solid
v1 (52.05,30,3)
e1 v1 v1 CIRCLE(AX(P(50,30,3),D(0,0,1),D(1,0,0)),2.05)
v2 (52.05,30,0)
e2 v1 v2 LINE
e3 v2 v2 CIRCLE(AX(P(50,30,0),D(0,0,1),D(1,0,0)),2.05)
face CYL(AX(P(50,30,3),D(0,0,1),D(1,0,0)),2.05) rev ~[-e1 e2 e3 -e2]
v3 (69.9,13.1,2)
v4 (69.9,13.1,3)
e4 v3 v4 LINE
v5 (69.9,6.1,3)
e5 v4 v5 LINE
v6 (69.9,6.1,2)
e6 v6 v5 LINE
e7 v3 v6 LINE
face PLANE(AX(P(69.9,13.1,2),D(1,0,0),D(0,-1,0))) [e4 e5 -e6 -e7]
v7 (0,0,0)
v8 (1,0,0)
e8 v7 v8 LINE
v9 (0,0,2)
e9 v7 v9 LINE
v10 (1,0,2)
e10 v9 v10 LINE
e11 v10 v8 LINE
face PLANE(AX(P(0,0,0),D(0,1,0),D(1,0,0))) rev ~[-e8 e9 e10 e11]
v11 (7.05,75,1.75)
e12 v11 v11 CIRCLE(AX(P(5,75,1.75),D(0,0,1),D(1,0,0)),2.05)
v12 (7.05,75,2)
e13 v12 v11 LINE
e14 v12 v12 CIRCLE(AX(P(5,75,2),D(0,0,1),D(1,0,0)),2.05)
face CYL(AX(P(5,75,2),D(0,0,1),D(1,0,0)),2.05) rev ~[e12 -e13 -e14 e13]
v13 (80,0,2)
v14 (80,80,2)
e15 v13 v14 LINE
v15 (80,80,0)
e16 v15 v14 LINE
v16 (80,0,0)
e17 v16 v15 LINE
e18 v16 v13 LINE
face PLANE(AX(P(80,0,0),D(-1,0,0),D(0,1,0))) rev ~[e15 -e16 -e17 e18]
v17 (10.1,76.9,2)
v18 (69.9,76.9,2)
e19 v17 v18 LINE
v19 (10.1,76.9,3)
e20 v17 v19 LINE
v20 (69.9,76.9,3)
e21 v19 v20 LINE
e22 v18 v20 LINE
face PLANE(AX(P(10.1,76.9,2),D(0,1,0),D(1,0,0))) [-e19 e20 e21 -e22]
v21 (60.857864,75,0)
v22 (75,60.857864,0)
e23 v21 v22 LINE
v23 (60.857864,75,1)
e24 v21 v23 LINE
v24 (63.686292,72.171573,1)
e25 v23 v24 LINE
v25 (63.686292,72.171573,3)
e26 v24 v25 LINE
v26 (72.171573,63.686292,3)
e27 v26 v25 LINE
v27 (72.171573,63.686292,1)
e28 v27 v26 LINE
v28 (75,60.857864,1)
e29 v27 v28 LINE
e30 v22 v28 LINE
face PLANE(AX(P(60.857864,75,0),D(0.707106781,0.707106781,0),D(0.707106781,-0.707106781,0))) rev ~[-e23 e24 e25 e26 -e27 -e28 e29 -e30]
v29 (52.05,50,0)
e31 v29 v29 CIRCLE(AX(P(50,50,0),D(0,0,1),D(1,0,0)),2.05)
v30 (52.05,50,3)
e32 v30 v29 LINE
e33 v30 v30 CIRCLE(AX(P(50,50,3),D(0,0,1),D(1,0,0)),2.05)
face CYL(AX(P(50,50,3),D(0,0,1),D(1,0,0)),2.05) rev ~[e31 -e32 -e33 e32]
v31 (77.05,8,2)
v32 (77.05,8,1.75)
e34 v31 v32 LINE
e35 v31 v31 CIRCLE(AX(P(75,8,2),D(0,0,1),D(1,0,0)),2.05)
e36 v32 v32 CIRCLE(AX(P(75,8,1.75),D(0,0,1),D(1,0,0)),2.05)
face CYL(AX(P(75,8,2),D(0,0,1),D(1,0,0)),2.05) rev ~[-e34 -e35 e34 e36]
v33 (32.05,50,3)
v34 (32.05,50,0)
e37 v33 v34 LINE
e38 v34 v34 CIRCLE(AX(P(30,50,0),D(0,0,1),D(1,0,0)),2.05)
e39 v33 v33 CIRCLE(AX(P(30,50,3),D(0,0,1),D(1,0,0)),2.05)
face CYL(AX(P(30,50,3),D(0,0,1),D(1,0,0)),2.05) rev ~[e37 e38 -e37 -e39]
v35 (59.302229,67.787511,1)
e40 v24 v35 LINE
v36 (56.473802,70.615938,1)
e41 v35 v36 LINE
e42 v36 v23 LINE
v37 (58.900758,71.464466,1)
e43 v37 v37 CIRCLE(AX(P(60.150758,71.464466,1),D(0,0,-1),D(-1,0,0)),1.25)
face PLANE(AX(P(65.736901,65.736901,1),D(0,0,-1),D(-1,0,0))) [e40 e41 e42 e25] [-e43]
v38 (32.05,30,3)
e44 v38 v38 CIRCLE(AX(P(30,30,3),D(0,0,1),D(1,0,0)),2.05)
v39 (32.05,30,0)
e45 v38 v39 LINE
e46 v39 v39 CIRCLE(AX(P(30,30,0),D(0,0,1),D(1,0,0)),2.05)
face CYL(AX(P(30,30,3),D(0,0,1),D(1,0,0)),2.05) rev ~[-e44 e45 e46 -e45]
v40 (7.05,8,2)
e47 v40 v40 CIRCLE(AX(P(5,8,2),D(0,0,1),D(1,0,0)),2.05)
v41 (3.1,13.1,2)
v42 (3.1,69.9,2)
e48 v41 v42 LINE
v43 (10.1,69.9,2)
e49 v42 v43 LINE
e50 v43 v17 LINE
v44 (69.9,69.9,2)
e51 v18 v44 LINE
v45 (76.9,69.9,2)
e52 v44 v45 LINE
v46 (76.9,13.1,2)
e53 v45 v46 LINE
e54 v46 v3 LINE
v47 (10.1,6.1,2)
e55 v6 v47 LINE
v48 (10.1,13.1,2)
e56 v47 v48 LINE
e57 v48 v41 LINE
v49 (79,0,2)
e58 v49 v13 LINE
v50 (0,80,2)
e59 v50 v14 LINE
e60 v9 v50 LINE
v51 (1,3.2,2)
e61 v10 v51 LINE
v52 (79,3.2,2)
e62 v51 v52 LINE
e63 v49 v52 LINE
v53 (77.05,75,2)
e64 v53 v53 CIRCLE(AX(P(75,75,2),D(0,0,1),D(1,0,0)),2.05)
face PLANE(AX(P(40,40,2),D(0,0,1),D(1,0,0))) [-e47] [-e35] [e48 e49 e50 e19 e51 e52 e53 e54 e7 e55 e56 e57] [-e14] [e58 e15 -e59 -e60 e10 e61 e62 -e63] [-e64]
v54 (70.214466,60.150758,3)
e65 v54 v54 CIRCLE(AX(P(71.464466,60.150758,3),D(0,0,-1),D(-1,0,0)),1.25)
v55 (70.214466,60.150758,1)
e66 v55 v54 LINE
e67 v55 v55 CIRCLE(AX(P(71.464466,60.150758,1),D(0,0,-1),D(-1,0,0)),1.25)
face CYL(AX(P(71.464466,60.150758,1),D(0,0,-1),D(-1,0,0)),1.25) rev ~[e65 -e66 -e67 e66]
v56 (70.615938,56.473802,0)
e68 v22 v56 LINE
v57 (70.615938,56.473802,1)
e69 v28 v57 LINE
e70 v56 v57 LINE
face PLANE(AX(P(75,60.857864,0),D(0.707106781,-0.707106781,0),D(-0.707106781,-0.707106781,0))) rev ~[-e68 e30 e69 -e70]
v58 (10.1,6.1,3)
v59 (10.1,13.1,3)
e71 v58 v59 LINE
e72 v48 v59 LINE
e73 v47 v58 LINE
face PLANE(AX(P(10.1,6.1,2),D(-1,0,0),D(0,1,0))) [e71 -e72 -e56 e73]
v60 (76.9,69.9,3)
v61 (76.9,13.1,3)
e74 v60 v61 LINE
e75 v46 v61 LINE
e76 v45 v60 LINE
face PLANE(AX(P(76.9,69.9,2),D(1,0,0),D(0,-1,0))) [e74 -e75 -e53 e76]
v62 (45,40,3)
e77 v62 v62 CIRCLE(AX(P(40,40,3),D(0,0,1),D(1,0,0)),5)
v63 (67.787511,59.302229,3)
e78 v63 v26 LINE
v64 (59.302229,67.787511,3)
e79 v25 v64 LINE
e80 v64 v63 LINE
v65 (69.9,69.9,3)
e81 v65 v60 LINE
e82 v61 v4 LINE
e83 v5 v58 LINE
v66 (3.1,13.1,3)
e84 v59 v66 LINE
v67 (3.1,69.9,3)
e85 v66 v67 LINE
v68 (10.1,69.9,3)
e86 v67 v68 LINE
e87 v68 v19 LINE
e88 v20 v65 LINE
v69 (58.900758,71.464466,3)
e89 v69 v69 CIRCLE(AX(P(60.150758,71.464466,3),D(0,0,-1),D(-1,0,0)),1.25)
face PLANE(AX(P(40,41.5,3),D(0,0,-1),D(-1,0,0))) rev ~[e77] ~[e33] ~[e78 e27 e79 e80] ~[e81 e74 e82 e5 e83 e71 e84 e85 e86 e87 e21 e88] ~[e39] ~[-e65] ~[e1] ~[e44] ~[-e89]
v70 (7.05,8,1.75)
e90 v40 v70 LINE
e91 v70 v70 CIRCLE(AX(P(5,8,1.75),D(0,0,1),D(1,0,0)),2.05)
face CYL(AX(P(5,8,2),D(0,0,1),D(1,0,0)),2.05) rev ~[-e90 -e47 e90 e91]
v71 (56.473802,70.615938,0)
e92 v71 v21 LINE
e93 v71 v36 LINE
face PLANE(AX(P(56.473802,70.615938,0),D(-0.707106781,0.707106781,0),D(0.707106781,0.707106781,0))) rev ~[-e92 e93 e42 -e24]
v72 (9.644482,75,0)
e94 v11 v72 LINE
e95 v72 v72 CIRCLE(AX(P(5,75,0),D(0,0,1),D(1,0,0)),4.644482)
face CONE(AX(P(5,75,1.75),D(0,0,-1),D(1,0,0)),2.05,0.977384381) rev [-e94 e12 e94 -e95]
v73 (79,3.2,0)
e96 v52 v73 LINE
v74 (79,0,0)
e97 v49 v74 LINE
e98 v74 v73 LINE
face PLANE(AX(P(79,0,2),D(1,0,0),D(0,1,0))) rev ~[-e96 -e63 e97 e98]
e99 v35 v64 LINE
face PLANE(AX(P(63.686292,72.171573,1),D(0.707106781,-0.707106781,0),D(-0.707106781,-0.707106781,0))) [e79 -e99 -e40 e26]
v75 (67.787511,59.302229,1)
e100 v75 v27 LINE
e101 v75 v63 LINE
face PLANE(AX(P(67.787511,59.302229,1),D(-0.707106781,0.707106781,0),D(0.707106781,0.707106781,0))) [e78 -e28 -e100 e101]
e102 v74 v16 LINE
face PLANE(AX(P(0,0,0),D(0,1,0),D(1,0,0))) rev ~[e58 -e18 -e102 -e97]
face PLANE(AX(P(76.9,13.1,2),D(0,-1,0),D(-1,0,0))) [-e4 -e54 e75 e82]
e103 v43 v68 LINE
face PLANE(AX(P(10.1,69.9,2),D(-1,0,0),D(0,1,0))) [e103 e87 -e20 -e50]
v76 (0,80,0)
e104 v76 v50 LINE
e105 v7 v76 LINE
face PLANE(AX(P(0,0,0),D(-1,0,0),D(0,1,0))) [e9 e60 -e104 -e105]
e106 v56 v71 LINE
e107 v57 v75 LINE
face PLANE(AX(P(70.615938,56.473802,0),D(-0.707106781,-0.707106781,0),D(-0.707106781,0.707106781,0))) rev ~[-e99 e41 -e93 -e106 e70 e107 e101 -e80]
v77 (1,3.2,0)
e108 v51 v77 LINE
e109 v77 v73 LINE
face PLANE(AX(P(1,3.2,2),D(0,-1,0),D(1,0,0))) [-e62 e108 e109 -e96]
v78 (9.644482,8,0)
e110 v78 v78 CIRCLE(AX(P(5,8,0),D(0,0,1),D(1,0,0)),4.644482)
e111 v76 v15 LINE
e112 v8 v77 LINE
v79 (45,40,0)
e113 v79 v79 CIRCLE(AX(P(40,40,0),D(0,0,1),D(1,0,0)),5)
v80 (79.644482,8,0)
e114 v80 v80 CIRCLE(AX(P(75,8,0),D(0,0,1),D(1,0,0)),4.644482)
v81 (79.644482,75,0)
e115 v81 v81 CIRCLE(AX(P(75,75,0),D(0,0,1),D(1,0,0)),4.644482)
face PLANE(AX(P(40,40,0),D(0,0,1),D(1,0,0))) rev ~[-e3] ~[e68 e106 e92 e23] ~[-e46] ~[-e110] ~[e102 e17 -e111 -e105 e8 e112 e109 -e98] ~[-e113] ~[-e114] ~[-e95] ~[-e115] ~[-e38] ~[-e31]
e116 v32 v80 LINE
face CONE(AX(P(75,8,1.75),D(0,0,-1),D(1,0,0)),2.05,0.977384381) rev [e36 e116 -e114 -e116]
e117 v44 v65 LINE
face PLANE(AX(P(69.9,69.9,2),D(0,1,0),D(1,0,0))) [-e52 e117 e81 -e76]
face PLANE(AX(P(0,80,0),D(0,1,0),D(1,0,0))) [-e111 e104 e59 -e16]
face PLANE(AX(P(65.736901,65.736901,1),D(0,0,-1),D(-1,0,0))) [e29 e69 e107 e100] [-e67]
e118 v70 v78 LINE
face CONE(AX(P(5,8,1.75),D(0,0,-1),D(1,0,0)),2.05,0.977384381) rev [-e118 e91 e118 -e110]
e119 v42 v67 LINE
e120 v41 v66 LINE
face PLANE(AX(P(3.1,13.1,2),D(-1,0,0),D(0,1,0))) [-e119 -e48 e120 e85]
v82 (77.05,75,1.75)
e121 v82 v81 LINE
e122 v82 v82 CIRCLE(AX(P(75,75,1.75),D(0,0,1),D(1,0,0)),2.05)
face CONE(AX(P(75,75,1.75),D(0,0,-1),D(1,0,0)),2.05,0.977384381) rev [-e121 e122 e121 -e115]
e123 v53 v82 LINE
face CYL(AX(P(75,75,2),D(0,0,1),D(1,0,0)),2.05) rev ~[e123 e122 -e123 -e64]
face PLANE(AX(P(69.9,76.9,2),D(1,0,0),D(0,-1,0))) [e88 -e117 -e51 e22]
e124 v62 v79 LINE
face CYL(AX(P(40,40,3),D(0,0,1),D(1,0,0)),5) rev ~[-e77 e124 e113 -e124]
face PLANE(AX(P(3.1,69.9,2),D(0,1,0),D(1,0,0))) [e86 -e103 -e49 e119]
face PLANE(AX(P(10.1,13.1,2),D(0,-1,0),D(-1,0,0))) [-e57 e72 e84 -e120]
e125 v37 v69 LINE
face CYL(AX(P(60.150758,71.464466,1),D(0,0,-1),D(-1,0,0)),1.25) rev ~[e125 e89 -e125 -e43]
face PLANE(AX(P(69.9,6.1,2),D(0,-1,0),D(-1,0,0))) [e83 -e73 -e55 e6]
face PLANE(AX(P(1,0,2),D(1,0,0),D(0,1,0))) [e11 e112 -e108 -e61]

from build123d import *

# Parameters (mm, degrees)
ESQUISSE1_W             = 80
ESQUISSE1_H             = 80
BOSS_EXTRU_1_DEPTH      = 2
BOSS_EXTRU_2_DEPTH      = 1
ESQUISSE3_R             = 2.05
ESQUISSE3_W             = 78
ESQUISSE3_H             = 3.2
ENL_V_MAT_EXTRU_1_DEPTH = 3
ESQUISSE4_R             = 5
ESQUISSE4_R_2           = 2.05
ENL_V_MAT_EXTRU_2_DEPTH = 4
CHANFREIN1_SIZE         = 1.75
CHANFREIN1_SIZE2        = 2.594481695
CHANFREIN1_PART_2_SIZE  = 1.75
CHANFREIN1_PART_2_SIZE2 = 2.594481695
CHANFREIN1_PART_3_SIZE  = 1.75
CHANFREIN1_PART_3_SIZE2 = 2.594481695
CHANFREIN1_PART_4_SIZE  = 1.75
CHANFREIN1_PART_4_SIZE2 = 2.594481695
ENL_V_MAT_EXTRU_3_DEPTH = 1
ESQUISSE8_R             = 1.25
ENL_V_MAT_EXTRU_4_DEPTH = 3


with BuildPart() as part:
    # Esquisse1 → Boss.-Extru.1 (new body)
    with BuildSketch(Plane.XY):
        with Locations((40, 40)):
            Rectangle(ESQUISSE1_W, ESQUISSE1_H)
    extrude(amount=BOSS_EXTRU_1_DEPTH)

    # Esquisse2 → Boss.-Extru.2 (add)
    with BuildSketch(Plane.XY.offset(2)):
        Polygon((10.1, 6.1), (10.1, 13.1), (3.1, 13.1), (3.1, 69.9), (10.1, 69.9), (10.1, 76.9), (69.9, 76.9), (69.9, 69.9), (76.9, 69.9), (76.9, 13.1), (69.9, 13.1), (69.9, 6.1), align=None)
    extrude(amount=BOSS_EXTRU_2_DEPTH)

    # Esquisse3 → Enlèv. mat.-Extru.1 (cut, through all)
    with BuildSketch(Plane.XY.offset(2)):
        with Locations((5, 75)):
            Circle(ESQUISSE3_R)
        with Locations((75, 75)):
            Circle(ESQUISSE3_R)
        with Locations((75, 8)):
            Circle(ESQUISSE3_R)
        with Locations((5, 8)):
            Circle(ESQUISSE3_R)
        with Locations((40, 1.6)):
            Rectangle(ESQUISSE3_W, ESQUISSE3_H)
    extrude(amount=-ENL_V_MAT_EXTRU_1_DEPTH, mode=Mode.SUBTRACT)

    # Esquisse4 → Enlèv. mat.-Extru.2 (cut, through all)
    with BuildSketch(Plane.XY.offset(3)):
        with Locations((40, 40)):
            Circle(ESQUISSE4_R)
        with Locations((30, 50)):
            Circle(ESQUISSE4_R_2)
        with Locations((30, 30)):
            Circle(ESQUISSE4_R_2)
        with Locations((50, 30)):
            Circle(ESQUISSE4_R_2)
        with Locations((50, 50)):
            Circle(ESQUISSE4_R_2)
    extrude(amount=-ENL_V_MAT_EXTRU_2_DEPTH, mode=Mode.SUBTRACT)

    # Chanfrein1
    chanfrein1_edges = [part.edges().sort_by_distance(p)[0] for p in [
        (2.95, 75, 0),
    ]]
    chanfrein1_side = [part.faces().sort_by_distance(p)[0] for p in [
        (2.95, 75, 1),
    ]]
    chamfer(chanfrein1_edges, length=CHANFREIN1_SIZE, length2=CHANFREIN1_SIZE2, reference=chanfrein1_side[0])

    # Chanfrein1 part 2
    chanfrein1_part_2_edges = [part.edges().sort_by_distance(p)[0] for p in [
        (72.95, 75, 0),
    ]]
    chanfrein1_part_2_side = [part.faces().sort_by_distance(p)[0] for p in [
        (72.95, 75, 1),
    ]]
    chamfer(chanfrein1_part_2_edges, length=CHANFREIN1_PART_2_SIZE, length2=CHANFREIN1_PART_2_SIZE2, reference=chanfrein1_part_2_side[0])

    # Chanfrein1 part 3
    chanfrein1_part_3_edges = [part.edges().sort_by_distance(p)[0] for p in [
        (72.95, 8, 0),
    ]]
    chanfrein1_part_3_side = [part.faces().sort_by_distance(p)[0] for p in [
        (72.95, 8, 1),
    ]]
    chamfer(chanfrein1_part_3_edges, length=CHANFREIN1_PART_3_SIZE, length2=CHANFREIN1_PART_3_SIZE2, reference=chanfrein1_part_3_side[0])

    # Chanfrein1 part 4
    chanfrein1_part_4_edges = [part.edges().sort_by_distance(p)[0] for p in [
        (2.95, 8, 0),
    ]]
    chanfrein1_part_4_side = [part.faces().sort_by_distance(p)[0] for p in [
        (2.95, 8, 1),
    ]]
    chamfer(chanfrein1_part_4_edges, length=CHANFREIN1_PART_4_SIZE, length2=CHANFREIN1_PART_4_SIZE2, reference=chanfrein1_part_4_side[0])

    # Esquisse6 → Enlèv. mat.-Extru.3 (cut)
    with BuildSketch(Plane(origin=(0, 0, 0), x_dir=(-1, 0, 0), z_dir=(0, 0, -1))):
        Polygon((-70.615937957, 56.473802333), (-56.473802333, 70.615937957), (-60.857864376, 75), (-75, 60.857864376), align=None)
    extrude(amount=-ENL_V_MAT_EXTRU_3_DEPTH, mode=Mode.SUBTRACT)

    # Esquisse8 → Enlèv. mat.-Extru.4 (cut, through all)
    with BuildSketch(Plane(origin=(0, 0, 1), x_dir=(-1, 0, 0), z_dir=(0, 0, -1))):
        with Locations((-60.150757595, 71.464466094)):
            Circle(ESQUISSE8_R)
        with Locations((-71.464466094, 60.150757595)):
            Circle(ESQUISSE8_R)
        Polygon((-67.787510832, 59.302229458), (-72.171572875, 63.686291501), (-63.686291501, 72.171572875), (-59.302229458, 67.787510832), align=None)
    extrude(amount=-ENL_V_MAT_EXTRU_4_DEPTH, mode=Mode.SUBTRACT)


solid = part.part
